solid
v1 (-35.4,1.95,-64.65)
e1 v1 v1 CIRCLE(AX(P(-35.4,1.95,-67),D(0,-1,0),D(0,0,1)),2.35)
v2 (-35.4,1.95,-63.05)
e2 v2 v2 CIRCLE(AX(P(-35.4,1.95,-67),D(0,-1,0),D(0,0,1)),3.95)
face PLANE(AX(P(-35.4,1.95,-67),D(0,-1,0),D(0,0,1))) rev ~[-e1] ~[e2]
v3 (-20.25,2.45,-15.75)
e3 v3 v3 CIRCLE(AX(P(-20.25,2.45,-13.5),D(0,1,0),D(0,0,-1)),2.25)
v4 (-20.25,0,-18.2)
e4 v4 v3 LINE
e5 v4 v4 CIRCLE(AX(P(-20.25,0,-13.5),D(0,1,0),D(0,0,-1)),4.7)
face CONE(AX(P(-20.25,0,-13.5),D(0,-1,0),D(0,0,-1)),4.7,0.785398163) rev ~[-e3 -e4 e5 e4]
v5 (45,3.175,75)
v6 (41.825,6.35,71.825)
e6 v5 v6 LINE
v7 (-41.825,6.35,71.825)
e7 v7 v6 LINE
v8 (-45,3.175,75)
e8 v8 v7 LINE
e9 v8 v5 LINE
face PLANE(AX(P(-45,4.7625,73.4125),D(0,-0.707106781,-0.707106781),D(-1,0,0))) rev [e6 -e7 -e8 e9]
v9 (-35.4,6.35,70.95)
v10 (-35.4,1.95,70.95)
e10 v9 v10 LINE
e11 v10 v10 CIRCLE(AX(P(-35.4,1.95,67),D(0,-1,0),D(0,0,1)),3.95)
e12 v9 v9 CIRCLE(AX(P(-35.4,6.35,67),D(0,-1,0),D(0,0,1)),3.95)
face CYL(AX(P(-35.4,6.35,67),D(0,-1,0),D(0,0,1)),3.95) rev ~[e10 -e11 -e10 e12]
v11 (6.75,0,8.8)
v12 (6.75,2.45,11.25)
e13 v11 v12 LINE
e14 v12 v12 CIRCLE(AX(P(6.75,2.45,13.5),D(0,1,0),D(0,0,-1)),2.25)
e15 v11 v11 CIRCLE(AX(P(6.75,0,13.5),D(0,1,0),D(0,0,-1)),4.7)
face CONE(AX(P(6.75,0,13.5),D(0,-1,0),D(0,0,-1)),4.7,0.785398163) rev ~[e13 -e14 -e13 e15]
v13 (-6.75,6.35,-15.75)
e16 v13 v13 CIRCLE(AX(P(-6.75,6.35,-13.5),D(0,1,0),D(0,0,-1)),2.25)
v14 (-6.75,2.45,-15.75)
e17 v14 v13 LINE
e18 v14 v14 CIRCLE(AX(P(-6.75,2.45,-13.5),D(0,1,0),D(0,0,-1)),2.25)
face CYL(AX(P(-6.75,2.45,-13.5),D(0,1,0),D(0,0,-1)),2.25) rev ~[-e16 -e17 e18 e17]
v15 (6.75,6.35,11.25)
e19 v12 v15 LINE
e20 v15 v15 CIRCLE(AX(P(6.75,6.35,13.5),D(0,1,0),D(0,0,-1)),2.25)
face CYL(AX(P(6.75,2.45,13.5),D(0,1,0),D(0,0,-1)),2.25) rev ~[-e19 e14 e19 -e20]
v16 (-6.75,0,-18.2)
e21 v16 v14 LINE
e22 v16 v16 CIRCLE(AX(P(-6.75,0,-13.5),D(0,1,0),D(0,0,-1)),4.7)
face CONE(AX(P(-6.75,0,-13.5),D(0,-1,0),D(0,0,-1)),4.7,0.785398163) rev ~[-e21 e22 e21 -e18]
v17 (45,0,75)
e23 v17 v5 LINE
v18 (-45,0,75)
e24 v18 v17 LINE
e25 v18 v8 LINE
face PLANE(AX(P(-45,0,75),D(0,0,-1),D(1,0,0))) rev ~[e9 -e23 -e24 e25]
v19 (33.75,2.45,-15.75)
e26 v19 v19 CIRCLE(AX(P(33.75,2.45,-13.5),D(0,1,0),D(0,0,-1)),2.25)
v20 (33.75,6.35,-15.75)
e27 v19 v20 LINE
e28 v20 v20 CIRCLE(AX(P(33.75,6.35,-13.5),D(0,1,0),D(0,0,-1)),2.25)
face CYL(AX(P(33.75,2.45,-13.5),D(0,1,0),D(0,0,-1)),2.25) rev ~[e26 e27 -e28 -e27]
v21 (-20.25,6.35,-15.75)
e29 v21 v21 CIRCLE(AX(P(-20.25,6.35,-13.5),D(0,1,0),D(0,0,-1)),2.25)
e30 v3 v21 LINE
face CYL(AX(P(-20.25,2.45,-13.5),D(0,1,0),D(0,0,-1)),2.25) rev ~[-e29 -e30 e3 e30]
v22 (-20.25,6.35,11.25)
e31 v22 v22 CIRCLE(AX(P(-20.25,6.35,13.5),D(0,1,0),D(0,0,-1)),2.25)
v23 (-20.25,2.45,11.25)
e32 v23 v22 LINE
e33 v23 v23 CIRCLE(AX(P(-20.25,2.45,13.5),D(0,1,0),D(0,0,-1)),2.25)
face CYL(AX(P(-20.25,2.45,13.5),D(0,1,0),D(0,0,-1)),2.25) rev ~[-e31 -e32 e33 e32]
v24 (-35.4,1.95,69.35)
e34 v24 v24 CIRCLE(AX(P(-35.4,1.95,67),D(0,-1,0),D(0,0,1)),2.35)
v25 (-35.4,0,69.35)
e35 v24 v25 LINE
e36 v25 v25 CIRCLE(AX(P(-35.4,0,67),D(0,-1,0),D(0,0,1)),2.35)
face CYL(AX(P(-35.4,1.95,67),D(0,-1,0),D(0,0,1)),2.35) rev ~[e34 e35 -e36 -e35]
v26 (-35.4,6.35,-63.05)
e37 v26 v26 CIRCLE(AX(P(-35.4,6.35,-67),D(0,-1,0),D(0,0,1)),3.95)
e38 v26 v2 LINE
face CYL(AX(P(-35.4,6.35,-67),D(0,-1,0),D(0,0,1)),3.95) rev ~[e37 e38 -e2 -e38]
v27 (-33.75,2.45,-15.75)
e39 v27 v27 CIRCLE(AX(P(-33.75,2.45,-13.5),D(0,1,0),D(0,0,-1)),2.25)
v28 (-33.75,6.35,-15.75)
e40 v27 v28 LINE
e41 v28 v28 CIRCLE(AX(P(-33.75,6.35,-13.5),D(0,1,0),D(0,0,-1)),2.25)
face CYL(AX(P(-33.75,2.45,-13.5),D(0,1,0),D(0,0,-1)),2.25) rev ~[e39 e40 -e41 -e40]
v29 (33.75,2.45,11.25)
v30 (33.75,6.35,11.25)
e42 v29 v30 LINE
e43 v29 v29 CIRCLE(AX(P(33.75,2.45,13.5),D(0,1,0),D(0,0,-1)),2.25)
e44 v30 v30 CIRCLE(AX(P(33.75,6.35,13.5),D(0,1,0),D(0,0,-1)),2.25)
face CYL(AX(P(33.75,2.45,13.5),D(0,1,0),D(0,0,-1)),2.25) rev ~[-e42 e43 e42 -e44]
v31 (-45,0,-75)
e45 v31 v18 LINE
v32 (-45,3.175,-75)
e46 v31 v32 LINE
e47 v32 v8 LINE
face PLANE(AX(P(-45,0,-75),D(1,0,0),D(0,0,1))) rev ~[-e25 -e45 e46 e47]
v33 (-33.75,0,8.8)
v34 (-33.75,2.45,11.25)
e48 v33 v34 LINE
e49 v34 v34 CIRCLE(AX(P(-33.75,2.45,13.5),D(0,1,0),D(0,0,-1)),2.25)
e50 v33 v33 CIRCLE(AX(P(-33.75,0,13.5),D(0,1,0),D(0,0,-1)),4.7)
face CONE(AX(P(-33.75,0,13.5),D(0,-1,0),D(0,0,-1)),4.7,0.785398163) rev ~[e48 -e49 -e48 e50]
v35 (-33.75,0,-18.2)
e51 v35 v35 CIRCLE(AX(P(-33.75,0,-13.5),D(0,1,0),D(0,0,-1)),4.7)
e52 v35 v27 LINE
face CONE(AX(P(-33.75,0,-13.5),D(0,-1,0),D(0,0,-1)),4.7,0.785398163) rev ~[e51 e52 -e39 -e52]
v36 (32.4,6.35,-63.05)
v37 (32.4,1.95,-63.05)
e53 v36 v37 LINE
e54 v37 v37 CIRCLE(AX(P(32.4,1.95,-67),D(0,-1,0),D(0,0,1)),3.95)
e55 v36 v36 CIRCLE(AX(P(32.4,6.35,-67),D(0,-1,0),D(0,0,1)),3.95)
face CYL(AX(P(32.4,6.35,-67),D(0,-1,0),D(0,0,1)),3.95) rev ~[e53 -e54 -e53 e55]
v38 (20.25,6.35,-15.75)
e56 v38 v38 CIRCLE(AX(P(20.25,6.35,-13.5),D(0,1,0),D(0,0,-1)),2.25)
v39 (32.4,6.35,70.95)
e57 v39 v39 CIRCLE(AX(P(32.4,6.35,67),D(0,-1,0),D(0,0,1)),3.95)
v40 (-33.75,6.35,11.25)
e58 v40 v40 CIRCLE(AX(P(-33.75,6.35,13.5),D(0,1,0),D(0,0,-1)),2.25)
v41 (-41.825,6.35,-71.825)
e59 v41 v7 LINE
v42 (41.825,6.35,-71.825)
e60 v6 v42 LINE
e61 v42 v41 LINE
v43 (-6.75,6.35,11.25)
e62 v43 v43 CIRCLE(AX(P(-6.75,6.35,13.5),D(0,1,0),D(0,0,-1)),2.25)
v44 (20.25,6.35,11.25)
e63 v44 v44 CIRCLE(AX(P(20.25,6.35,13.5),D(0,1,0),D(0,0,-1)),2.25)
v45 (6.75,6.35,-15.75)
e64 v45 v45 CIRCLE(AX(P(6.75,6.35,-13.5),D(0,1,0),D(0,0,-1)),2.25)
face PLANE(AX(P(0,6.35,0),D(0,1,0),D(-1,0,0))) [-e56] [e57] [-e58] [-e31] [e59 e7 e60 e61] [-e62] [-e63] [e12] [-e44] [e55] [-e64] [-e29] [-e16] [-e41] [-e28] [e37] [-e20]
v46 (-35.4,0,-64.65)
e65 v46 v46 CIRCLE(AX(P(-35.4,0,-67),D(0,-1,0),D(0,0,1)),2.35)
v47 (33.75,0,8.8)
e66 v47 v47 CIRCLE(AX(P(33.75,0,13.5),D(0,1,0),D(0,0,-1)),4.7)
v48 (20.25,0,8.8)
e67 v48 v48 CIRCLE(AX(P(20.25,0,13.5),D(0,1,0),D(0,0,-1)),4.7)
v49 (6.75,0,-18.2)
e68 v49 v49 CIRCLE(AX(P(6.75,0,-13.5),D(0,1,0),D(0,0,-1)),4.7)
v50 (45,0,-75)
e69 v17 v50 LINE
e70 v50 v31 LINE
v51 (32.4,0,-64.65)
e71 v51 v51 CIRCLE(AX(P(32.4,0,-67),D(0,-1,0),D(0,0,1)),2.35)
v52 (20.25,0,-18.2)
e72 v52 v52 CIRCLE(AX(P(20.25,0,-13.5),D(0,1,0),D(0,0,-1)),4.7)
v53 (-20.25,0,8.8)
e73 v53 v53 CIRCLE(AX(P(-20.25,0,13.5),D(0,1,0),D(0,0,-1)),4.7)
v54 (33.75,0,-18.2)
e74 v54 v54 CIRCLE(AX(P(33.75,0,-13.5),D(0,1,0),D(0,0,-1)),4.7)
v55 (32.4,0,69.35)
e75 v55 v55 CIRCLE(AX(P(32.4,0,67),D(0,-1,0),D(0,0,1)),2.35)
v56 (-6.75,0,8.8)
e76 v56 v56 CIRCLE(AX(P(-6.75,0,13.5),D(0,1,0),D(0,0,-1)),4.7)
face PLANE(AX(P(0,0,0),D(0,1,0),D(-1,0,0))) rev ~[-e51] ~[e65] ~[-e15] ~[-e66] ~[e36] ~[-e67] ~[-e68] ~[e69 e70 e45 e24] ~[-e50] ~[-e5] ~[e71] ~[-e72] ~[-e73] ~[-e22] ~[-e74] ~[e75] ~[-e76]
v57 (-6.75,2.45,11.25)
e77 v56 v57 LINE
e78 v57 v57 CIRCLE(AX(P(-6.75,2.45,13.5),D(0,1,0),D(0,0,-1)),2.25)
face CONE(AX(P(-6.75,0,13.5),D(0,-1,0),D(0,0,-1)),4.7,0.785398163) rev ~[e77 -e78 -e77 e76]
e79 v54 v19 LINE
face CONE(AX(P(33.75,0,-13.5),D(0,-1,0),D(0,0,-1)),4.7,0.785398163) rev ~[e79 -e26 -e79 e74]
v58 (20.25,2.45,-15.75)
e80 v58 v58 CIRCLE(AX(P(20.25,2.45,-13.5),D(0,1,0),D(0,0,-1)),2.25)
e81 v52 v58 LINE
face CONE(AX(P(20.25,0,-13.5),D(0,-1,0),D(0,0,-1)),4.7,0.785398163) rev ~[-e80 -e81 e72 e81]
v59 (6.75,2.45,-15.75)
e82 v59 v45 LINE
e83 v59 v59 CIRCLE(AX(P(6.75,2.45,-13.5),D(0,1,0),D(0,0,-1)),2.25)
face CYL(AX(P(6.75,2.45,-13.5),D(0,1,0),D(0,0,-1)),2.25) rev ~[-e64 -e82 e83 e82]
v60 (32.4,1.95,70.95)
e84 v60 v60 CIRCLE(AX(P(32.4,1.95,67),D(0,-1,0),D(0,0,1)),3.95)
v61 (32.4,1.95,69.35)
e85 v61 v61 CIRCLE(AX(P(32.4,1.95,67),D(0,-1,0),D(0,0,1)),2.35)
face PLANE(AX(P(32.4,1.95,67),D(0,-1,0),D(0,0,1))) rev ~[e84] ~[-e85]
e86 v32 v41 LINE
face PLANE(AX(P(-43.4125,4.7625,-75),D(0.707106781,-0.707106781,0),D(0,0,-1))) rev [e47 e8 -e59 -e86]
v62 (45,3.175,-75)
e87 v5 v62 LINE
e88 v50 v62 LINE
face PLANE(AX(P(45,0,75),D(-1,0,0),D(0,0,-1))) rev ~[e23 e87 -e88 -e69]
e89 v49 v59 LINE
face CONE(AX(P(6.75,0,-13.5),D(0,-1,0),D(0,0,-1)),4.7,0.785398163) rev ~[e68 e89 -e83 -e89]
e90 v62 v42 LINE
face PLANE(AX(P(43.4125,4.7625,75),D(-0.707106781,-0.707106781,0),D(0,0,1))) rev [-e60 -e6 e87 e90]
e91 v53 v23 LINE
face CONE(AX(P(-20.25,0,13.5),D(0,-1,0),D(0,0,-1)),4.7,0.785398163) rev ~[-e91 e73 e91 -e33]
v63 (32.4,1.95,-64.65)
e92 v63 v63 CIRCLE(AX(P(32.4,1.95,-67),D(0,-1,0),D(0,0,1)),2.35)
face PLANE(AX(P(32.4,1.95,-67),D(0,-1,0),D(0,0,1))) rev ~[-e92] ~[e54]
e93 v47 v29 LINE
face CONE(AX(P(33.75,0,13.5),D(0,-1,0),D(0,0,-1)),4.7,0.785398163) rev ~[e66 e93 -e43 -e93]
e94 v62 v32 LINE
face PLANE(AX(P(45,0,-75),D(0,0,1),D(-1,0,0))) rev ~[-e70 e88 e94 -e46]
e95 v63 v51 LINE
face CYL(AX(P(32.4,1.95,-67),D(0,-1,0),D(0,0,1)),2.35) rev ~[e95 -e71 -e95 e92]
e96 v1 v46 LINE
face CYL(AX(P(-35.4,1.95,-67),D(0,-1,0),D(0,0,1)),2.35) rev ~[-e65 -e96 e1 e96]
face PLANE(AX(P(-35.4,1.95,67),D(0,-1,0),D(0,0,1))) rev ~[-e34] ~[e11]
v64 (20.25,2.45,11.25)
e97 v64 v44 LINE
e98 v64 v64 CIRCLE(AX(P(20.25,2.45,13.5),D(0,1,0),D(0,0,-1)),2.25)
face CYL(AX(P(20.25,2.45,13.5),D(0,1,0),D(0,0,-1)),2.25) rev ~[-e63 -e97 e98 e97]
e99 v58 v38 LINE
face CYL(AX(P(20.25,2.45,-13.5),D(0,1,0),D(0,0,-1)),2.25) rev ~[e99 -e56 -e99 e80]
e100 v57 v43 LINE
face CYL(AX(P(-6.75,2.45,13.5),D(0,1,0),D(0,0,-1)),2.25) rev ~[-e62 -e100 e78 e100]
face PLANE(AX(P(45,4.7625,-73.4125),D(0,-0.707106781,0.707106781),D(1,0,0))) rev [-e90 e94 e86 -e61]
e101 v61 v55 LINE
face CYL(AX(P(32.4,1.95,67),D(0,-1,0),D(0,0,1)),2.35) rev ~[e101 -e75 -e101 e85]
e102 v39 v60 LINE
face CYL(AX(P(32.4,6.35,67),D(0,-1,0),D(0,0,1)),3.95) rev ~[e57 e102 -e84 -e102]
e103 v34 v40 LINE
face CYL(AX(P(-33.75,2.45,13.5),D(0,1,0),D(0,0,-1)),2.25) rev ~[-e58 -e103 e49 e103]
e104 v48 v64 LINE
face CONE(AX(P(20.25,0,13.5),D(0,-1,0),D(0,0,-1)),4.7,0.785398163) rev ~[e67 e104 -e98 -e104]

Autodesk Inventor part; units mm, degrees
ref_plane "YZ Plane" through (0, 0, 0) normal (1, 0, 0) x (0, 1, 0)
ref_plane "XZ Plane" through (0, 0, 0) normal (0, 1, 0) x (-1, 0, 0)
ref_plane "XY Plane" through (0, 0, 0) normal (0, 0, 1) x (1, 0, 0)
sketch "Sketch1" plane through (0, 0, 0) normal (0, 1, 0) x (-1, 0, 0)
  line L0 (-45, -75) -> (45, -75)
  line L1 (45, -75) -> (45, 75)
  line L2 (45, 75) -> (-45, 75)
  line L3 (-45, 75) -> (-45, -75)
  line L4 (-45, -75) -> (45, 75) construction
  line L5 (45, -75) -> (-45, 75) construction
  point P0 (0, 0)
  dimension "d0" = 150
  dimension "d1" = 90
extrude "Extrusion1" add sketch "Sketch1" along normal blind 6.35
chamfer "Chamfer1" distance 3.175 angle 45 4 edges at (45, 6.35, 0) (0, 6.35, 75) (-45, 6.35, 0) (0, 6.35, -75)
sketch "Sketch3" plane through (0, 6.35, 0) normal (0, 1, 0) x (1, 0, 0)
  line L0 (-45, -75) -> (45, -75) projected
  line L1 (-45, 75) -> (-45, -75) projected
  line L2 (45, -75) -> (45, 75) projected
  line L3 (45, 75) -> (-45, 75) projected
  point P0 (0, 0)
  point P1 (-35.4, -67)
  point P2 (-35.4, 67)
  point P3 (32.4, 67)
  point P4 (32.4, -67)
  dimension "d7" = 9.6
  dimension "d8" = 8
  dimension "d9" = 8
  dimension "d10" = 12.6
hole "Hole1" at (-35.4, 6.35, 67) at (-35.4, 6.35, -67) at (32.4, 6.35, -67) at (32.4, 6.35, 67) direction (0, -1, 0) diameter 4.7 depth 7.9 tip angle 118 counterbore diameter 7.9 counterbore depth 4.4
sketch "Sketch4" plane through (0, 0, 0) normal (0, -1, 0) x (1, 0, 0)
  line L0 (45, -75) -> (-45, -75) projected
  point P0 (0, 0)
  point P1 (-33.75, -13.5)
  point P2 (-33.75, 13.5)
  point P3 (-20.25, 13.5)
  point P4 (-20.25, -13.5)
  point P5 (-6.75, 13.5)
  point P6 (-6.75, -13.5)
  point P7 (6.75, 13.5)
  point P8 (6.75, -13.5)
  point P9 (20.25, 13.5)
  point P10 (20.25, -13.5)
  point P11 (33.75, 13.5)
  point P12 (33.75, -13.5)
  dimension "d18" = 27
  dimension "d19" = 13.5
  dimension "d22" = 13.5
  dimension "d34" = 6.75
hole "Hole2" at (-33.75, 0, -13.5) at (-33.75, 0, 13.5) at (-20.25, 0, 13.5) at (-20.25, 0, -13.5) at (-6.75, 0, 13.5) at (-6.75, 0, -13.5) at (6.75, 0, 13.5) at (6.75, 0, -13.5) at (20.25, 0, 13.5) at (20.25, 0, -13.5) at (33.75, 0, 13.5) at (33.75, 0, -13.5) direction (0, 1, 0) diameter 4.5 depth 7.9 tip angle 118 countersink diameter 9.4 countersink angle 90 clearance for "Flat Head Machine Screw" size "M4" standard "Ansi Metric M Profile"
equation "\"d9\" = d8"
equation "\"d19\" = 0.5 * d18"
equation "\"d34\" = 0.5 * d19"
properties part number "Mounting Plate" material "Aluminum 6061"
